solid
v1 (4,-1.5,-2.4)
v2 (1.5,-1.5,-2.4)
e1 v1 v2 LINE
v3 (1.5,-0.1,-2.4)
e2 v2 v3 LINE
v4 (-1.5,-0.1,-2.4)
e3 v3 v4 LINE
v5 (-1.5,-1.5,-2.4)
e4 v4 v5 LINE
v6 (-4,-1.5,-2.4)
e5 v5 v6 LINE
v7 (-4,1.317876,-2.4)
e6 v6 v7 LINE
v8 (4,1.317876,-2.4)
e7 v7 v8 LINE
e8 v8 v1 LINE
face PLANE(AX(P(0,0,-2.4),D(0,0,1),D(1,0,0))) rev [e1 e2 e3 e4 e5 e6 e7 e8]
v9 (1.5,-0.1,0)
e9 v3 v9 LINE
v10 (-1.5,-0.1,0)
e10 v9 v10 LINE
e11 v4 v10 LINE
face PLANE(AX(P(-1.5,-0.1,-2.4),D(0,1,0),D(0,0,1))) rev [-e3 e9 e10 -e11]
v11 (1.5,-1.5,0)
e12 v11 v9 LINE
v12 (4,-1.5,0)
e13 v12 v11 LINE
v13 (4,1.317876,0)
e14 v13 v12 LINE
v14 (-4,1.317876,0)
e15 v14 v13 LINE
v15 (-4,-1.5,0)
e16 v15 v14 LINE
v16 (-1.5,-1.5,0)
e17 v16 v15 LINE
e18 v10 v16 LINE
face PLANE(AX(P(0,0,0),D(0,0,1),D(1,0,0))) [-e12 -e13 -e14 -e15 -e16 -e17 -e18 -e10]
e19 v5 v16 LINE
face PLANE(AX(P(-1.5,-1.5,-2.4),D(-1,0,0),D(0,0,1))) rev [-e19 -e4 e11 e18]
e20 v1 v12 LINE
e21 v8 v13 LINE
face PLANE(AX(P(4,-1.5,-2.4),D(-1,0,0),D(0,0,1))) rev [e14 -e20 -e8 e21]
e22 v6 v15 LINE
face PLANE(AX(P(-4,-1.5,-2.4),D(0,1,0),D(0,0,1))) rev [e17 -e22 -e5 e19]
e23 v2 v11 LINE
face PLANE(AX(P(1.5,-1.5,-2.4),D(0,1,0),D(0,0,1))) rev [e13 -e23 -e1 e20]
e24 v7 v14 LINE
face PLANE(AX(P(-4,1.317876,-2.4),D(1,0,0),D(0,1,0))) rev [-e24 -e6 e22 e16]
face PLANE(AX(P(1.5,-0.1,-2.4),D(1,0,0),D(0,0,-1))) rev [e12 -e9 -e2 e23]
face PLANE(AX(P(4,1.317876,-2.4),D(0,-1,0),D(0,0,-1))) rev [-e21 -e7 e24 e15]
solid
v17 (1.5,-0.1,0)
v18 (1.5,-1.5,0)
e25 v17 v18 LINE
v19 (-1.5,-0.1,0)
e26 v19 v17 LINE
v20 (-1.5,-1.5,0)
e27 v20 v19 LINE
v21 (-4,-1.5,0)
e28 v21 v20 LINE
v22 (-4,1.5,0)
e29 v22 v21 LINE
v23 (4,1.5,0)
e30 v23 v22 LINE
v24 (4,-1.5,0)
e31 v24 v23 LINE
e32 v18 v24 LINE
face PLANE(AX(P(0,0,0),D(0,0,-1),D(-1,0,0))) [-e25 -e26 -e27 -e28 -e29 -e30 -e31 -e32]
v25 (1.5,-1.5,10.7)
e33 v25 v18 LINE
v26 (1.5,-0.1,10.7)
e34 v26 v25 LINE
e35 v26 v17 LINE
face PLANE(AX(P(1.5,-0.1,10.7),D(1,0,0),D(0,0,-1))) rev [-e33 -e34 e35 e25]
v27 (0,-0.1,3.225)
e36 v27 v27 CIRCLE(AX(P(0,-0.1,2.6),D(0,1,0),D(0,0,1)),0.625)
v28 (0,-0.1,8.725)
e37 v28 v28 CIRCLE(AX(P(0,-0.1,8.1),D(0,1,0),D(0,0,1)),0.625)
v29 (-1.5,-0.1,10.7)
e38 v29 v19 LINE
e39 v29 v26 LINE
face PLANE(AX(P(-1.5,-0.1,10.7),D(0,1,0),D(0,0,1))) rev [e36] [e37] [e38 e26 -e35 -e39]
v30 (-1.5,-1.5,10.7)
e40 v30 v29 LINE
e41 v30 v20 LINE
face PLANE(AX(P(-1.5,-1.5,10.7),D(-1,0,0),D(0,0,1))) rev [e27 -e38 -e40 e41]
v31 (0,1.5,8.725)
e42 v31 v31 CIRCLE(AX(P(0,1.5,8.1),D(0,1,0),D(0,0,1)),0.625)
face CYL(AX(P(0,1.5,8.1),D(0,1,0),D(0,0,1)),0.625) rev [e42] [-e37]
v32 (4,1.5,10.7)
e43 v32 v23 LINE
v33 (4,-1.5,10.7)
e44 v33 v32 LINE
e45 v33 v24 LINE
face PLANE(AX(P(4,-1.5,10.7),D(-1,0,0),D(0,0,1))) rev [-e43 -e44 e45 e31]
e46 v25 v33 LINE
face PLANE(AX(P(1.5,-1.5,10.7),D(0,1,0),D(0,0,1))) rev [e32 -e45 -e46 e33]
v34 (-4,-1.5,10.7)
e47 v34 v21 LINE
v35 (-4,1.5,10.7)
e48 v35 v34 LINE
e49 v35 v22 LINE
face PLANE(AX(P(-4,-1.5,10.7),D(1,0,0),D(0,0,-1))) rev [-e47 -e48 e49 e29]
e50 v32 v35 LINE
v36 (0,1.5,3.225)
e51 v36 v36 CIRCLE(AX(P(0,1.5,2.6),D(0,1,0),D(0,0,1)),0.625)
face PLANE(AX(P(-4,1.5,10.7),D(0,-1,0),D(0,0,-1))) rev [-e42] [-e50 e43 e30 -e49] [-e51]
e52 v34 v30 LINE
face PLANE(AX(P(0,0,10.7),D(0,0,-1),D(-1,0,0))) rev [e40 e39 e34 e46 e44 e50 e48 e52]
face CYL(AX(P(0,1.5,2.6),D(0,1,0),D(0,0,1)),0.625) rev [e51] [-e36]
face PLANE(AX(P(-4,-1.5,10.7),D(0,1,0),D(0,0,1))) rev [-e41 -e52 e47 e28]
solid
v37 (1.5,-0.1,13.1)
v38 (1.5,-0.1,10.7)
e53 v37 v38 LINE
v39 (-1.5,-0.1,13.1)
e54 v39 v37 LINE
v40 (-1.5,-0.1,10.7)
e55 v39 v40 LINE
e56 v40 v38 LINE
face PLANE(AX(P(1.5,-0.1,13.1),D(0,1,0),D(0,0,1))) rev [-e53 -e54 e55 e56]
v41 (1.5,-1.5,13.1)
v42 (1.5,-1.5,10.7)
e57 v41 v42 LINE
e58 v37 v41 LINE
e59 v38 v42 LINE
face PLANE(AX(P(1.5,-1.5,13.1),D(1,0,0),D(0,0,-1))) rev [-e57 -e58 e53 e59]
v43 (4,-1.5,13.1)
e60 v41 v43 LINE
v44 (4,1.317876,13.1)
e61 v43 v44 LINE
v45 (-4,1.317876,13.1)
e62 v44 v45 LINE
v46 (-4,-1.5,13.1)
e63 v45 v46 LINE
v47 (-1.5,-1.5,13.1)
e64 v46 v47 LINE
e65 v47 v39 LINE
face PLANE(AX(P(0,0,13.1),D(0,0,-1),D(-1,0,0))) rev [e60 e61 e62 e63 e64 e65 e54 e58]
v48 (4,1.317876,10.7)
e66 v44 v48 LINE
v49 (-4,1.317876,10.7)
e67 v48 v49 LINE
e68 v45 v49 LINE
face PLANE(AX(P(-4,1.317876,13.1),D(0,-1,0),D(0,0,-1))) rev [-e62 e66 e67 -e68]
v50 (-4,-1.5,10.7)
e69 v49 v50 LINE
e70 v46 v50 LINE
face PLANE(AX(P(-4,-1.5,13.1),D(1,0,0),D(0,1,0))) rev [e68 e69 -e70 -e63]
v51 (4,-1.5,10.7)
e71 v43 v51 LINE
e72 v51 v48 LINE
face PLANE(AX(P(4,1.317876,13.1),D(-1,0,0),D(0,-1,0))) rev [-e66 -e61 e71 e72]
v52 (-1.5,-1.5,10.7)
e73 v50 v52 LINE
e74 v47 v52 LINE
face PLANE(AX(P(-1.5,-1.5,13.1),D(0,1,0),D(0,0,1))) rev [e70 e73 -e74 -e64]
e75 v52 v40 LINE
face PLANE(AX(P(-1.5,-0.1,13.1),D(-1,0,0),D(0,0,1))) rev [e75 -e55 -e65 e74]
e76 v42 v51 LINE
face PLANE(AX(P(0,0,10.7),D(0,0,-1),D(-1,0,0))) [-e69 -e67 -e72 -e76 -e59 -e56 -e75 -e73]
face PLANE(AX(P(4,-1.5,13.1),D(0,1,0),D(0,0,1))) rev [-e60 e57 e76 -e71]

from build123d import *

# Parameters (mm, degrees)
BOSS_EXTRUDE1_DEPTH          = 10.7
M1_6X0_35_TAPPED_HOLE1_D     = 1.25
M1_6X0_35_TAPPED_HOLE1_DEPTH = 3.2
M1_6X0_35_TAPPED_HOLE1_TIP   = 0.375537887
BOSS_EXTRUDE2_DEPTH          = 2.4
BOSS_EXTRUDE3_DEPTH          = 2.4


with BuildPart() as part:
    # Sketch1 → Boss-Extrude1 (new body)
    with BuildSketch(Plane.XY):
        Polygon((-1.5, -1.5), (-1.5, -0.1), (1.5, -0.1), (1.5, -1.5), (4, -1.5), (4, 1.5), (-4, 1.5), (-4, -1.5), align=None)
    extrude(amount=BOSS_EXTRUDE1_DEPTH)

    # M1.6x0.35 Tapped Hole1
    with Locations(Plane(origin=(0, 1.5, 0), x_dir=(1, 0, 0), z_dir=(0, 1, 0))):
        with Locations((0, -2.6), (0, -8.1)):
            Hole(M1_6X0_35_TAPPED_HOLE1_D / 2, depth=M1_6X0_35_TAPPED_HOLE1_DEPTH)
            with Locations((0, 0, -(M1_6X0_35_TAPPED_HOLE1_DEPTH + M1_6X0_35_TAPPED_HOLE1_TIP / 2))):  # 118° drill point
                Cone(0, M1_6X0_35_TAPPED_HOLE1_D / 2, M1_6X0_35_TAPPED_HOLE1_TIP, mode=Mode.SUBTRACT)


with BuildPart() as body_2:
    # Sketch4 → Boss-Extrude2 (new body)
    with BuildSketch(Plane(origin=(0, 0, 0), x_dir=(-1, 0, 0), z_dir=(0, 0, -1))):
        Polygon((-4, 1.317876406), (4, 1.317876406), (4, -1.5), (1.5, -1.5), (1.5, -0.1), (-1.5, -0.1), (-1.5, -1.5), (-4, -1.5), align=None)
    extrude(amount=BOSS_EXTRUDE2_DEPTH)


with BuildPart() as body_3:
    # Sketch5 → Boss-Extrude3 (new body)
    with BuildSketch(Plane.XY.offset(10.7)):
        Polygon((-4, 1.317876406), (4, 1.317876406), (4, -1.5), (1.5, -1.5), (1.5, -0.1), (-1.5, -0.1), (-1.5, -1.5), (-4, -1.5), align=None)
    extrude(amount=BOSS_EXTRUDE3_DEPTH)


solid = Compound([part.part, body_2.part, body_3.part])
